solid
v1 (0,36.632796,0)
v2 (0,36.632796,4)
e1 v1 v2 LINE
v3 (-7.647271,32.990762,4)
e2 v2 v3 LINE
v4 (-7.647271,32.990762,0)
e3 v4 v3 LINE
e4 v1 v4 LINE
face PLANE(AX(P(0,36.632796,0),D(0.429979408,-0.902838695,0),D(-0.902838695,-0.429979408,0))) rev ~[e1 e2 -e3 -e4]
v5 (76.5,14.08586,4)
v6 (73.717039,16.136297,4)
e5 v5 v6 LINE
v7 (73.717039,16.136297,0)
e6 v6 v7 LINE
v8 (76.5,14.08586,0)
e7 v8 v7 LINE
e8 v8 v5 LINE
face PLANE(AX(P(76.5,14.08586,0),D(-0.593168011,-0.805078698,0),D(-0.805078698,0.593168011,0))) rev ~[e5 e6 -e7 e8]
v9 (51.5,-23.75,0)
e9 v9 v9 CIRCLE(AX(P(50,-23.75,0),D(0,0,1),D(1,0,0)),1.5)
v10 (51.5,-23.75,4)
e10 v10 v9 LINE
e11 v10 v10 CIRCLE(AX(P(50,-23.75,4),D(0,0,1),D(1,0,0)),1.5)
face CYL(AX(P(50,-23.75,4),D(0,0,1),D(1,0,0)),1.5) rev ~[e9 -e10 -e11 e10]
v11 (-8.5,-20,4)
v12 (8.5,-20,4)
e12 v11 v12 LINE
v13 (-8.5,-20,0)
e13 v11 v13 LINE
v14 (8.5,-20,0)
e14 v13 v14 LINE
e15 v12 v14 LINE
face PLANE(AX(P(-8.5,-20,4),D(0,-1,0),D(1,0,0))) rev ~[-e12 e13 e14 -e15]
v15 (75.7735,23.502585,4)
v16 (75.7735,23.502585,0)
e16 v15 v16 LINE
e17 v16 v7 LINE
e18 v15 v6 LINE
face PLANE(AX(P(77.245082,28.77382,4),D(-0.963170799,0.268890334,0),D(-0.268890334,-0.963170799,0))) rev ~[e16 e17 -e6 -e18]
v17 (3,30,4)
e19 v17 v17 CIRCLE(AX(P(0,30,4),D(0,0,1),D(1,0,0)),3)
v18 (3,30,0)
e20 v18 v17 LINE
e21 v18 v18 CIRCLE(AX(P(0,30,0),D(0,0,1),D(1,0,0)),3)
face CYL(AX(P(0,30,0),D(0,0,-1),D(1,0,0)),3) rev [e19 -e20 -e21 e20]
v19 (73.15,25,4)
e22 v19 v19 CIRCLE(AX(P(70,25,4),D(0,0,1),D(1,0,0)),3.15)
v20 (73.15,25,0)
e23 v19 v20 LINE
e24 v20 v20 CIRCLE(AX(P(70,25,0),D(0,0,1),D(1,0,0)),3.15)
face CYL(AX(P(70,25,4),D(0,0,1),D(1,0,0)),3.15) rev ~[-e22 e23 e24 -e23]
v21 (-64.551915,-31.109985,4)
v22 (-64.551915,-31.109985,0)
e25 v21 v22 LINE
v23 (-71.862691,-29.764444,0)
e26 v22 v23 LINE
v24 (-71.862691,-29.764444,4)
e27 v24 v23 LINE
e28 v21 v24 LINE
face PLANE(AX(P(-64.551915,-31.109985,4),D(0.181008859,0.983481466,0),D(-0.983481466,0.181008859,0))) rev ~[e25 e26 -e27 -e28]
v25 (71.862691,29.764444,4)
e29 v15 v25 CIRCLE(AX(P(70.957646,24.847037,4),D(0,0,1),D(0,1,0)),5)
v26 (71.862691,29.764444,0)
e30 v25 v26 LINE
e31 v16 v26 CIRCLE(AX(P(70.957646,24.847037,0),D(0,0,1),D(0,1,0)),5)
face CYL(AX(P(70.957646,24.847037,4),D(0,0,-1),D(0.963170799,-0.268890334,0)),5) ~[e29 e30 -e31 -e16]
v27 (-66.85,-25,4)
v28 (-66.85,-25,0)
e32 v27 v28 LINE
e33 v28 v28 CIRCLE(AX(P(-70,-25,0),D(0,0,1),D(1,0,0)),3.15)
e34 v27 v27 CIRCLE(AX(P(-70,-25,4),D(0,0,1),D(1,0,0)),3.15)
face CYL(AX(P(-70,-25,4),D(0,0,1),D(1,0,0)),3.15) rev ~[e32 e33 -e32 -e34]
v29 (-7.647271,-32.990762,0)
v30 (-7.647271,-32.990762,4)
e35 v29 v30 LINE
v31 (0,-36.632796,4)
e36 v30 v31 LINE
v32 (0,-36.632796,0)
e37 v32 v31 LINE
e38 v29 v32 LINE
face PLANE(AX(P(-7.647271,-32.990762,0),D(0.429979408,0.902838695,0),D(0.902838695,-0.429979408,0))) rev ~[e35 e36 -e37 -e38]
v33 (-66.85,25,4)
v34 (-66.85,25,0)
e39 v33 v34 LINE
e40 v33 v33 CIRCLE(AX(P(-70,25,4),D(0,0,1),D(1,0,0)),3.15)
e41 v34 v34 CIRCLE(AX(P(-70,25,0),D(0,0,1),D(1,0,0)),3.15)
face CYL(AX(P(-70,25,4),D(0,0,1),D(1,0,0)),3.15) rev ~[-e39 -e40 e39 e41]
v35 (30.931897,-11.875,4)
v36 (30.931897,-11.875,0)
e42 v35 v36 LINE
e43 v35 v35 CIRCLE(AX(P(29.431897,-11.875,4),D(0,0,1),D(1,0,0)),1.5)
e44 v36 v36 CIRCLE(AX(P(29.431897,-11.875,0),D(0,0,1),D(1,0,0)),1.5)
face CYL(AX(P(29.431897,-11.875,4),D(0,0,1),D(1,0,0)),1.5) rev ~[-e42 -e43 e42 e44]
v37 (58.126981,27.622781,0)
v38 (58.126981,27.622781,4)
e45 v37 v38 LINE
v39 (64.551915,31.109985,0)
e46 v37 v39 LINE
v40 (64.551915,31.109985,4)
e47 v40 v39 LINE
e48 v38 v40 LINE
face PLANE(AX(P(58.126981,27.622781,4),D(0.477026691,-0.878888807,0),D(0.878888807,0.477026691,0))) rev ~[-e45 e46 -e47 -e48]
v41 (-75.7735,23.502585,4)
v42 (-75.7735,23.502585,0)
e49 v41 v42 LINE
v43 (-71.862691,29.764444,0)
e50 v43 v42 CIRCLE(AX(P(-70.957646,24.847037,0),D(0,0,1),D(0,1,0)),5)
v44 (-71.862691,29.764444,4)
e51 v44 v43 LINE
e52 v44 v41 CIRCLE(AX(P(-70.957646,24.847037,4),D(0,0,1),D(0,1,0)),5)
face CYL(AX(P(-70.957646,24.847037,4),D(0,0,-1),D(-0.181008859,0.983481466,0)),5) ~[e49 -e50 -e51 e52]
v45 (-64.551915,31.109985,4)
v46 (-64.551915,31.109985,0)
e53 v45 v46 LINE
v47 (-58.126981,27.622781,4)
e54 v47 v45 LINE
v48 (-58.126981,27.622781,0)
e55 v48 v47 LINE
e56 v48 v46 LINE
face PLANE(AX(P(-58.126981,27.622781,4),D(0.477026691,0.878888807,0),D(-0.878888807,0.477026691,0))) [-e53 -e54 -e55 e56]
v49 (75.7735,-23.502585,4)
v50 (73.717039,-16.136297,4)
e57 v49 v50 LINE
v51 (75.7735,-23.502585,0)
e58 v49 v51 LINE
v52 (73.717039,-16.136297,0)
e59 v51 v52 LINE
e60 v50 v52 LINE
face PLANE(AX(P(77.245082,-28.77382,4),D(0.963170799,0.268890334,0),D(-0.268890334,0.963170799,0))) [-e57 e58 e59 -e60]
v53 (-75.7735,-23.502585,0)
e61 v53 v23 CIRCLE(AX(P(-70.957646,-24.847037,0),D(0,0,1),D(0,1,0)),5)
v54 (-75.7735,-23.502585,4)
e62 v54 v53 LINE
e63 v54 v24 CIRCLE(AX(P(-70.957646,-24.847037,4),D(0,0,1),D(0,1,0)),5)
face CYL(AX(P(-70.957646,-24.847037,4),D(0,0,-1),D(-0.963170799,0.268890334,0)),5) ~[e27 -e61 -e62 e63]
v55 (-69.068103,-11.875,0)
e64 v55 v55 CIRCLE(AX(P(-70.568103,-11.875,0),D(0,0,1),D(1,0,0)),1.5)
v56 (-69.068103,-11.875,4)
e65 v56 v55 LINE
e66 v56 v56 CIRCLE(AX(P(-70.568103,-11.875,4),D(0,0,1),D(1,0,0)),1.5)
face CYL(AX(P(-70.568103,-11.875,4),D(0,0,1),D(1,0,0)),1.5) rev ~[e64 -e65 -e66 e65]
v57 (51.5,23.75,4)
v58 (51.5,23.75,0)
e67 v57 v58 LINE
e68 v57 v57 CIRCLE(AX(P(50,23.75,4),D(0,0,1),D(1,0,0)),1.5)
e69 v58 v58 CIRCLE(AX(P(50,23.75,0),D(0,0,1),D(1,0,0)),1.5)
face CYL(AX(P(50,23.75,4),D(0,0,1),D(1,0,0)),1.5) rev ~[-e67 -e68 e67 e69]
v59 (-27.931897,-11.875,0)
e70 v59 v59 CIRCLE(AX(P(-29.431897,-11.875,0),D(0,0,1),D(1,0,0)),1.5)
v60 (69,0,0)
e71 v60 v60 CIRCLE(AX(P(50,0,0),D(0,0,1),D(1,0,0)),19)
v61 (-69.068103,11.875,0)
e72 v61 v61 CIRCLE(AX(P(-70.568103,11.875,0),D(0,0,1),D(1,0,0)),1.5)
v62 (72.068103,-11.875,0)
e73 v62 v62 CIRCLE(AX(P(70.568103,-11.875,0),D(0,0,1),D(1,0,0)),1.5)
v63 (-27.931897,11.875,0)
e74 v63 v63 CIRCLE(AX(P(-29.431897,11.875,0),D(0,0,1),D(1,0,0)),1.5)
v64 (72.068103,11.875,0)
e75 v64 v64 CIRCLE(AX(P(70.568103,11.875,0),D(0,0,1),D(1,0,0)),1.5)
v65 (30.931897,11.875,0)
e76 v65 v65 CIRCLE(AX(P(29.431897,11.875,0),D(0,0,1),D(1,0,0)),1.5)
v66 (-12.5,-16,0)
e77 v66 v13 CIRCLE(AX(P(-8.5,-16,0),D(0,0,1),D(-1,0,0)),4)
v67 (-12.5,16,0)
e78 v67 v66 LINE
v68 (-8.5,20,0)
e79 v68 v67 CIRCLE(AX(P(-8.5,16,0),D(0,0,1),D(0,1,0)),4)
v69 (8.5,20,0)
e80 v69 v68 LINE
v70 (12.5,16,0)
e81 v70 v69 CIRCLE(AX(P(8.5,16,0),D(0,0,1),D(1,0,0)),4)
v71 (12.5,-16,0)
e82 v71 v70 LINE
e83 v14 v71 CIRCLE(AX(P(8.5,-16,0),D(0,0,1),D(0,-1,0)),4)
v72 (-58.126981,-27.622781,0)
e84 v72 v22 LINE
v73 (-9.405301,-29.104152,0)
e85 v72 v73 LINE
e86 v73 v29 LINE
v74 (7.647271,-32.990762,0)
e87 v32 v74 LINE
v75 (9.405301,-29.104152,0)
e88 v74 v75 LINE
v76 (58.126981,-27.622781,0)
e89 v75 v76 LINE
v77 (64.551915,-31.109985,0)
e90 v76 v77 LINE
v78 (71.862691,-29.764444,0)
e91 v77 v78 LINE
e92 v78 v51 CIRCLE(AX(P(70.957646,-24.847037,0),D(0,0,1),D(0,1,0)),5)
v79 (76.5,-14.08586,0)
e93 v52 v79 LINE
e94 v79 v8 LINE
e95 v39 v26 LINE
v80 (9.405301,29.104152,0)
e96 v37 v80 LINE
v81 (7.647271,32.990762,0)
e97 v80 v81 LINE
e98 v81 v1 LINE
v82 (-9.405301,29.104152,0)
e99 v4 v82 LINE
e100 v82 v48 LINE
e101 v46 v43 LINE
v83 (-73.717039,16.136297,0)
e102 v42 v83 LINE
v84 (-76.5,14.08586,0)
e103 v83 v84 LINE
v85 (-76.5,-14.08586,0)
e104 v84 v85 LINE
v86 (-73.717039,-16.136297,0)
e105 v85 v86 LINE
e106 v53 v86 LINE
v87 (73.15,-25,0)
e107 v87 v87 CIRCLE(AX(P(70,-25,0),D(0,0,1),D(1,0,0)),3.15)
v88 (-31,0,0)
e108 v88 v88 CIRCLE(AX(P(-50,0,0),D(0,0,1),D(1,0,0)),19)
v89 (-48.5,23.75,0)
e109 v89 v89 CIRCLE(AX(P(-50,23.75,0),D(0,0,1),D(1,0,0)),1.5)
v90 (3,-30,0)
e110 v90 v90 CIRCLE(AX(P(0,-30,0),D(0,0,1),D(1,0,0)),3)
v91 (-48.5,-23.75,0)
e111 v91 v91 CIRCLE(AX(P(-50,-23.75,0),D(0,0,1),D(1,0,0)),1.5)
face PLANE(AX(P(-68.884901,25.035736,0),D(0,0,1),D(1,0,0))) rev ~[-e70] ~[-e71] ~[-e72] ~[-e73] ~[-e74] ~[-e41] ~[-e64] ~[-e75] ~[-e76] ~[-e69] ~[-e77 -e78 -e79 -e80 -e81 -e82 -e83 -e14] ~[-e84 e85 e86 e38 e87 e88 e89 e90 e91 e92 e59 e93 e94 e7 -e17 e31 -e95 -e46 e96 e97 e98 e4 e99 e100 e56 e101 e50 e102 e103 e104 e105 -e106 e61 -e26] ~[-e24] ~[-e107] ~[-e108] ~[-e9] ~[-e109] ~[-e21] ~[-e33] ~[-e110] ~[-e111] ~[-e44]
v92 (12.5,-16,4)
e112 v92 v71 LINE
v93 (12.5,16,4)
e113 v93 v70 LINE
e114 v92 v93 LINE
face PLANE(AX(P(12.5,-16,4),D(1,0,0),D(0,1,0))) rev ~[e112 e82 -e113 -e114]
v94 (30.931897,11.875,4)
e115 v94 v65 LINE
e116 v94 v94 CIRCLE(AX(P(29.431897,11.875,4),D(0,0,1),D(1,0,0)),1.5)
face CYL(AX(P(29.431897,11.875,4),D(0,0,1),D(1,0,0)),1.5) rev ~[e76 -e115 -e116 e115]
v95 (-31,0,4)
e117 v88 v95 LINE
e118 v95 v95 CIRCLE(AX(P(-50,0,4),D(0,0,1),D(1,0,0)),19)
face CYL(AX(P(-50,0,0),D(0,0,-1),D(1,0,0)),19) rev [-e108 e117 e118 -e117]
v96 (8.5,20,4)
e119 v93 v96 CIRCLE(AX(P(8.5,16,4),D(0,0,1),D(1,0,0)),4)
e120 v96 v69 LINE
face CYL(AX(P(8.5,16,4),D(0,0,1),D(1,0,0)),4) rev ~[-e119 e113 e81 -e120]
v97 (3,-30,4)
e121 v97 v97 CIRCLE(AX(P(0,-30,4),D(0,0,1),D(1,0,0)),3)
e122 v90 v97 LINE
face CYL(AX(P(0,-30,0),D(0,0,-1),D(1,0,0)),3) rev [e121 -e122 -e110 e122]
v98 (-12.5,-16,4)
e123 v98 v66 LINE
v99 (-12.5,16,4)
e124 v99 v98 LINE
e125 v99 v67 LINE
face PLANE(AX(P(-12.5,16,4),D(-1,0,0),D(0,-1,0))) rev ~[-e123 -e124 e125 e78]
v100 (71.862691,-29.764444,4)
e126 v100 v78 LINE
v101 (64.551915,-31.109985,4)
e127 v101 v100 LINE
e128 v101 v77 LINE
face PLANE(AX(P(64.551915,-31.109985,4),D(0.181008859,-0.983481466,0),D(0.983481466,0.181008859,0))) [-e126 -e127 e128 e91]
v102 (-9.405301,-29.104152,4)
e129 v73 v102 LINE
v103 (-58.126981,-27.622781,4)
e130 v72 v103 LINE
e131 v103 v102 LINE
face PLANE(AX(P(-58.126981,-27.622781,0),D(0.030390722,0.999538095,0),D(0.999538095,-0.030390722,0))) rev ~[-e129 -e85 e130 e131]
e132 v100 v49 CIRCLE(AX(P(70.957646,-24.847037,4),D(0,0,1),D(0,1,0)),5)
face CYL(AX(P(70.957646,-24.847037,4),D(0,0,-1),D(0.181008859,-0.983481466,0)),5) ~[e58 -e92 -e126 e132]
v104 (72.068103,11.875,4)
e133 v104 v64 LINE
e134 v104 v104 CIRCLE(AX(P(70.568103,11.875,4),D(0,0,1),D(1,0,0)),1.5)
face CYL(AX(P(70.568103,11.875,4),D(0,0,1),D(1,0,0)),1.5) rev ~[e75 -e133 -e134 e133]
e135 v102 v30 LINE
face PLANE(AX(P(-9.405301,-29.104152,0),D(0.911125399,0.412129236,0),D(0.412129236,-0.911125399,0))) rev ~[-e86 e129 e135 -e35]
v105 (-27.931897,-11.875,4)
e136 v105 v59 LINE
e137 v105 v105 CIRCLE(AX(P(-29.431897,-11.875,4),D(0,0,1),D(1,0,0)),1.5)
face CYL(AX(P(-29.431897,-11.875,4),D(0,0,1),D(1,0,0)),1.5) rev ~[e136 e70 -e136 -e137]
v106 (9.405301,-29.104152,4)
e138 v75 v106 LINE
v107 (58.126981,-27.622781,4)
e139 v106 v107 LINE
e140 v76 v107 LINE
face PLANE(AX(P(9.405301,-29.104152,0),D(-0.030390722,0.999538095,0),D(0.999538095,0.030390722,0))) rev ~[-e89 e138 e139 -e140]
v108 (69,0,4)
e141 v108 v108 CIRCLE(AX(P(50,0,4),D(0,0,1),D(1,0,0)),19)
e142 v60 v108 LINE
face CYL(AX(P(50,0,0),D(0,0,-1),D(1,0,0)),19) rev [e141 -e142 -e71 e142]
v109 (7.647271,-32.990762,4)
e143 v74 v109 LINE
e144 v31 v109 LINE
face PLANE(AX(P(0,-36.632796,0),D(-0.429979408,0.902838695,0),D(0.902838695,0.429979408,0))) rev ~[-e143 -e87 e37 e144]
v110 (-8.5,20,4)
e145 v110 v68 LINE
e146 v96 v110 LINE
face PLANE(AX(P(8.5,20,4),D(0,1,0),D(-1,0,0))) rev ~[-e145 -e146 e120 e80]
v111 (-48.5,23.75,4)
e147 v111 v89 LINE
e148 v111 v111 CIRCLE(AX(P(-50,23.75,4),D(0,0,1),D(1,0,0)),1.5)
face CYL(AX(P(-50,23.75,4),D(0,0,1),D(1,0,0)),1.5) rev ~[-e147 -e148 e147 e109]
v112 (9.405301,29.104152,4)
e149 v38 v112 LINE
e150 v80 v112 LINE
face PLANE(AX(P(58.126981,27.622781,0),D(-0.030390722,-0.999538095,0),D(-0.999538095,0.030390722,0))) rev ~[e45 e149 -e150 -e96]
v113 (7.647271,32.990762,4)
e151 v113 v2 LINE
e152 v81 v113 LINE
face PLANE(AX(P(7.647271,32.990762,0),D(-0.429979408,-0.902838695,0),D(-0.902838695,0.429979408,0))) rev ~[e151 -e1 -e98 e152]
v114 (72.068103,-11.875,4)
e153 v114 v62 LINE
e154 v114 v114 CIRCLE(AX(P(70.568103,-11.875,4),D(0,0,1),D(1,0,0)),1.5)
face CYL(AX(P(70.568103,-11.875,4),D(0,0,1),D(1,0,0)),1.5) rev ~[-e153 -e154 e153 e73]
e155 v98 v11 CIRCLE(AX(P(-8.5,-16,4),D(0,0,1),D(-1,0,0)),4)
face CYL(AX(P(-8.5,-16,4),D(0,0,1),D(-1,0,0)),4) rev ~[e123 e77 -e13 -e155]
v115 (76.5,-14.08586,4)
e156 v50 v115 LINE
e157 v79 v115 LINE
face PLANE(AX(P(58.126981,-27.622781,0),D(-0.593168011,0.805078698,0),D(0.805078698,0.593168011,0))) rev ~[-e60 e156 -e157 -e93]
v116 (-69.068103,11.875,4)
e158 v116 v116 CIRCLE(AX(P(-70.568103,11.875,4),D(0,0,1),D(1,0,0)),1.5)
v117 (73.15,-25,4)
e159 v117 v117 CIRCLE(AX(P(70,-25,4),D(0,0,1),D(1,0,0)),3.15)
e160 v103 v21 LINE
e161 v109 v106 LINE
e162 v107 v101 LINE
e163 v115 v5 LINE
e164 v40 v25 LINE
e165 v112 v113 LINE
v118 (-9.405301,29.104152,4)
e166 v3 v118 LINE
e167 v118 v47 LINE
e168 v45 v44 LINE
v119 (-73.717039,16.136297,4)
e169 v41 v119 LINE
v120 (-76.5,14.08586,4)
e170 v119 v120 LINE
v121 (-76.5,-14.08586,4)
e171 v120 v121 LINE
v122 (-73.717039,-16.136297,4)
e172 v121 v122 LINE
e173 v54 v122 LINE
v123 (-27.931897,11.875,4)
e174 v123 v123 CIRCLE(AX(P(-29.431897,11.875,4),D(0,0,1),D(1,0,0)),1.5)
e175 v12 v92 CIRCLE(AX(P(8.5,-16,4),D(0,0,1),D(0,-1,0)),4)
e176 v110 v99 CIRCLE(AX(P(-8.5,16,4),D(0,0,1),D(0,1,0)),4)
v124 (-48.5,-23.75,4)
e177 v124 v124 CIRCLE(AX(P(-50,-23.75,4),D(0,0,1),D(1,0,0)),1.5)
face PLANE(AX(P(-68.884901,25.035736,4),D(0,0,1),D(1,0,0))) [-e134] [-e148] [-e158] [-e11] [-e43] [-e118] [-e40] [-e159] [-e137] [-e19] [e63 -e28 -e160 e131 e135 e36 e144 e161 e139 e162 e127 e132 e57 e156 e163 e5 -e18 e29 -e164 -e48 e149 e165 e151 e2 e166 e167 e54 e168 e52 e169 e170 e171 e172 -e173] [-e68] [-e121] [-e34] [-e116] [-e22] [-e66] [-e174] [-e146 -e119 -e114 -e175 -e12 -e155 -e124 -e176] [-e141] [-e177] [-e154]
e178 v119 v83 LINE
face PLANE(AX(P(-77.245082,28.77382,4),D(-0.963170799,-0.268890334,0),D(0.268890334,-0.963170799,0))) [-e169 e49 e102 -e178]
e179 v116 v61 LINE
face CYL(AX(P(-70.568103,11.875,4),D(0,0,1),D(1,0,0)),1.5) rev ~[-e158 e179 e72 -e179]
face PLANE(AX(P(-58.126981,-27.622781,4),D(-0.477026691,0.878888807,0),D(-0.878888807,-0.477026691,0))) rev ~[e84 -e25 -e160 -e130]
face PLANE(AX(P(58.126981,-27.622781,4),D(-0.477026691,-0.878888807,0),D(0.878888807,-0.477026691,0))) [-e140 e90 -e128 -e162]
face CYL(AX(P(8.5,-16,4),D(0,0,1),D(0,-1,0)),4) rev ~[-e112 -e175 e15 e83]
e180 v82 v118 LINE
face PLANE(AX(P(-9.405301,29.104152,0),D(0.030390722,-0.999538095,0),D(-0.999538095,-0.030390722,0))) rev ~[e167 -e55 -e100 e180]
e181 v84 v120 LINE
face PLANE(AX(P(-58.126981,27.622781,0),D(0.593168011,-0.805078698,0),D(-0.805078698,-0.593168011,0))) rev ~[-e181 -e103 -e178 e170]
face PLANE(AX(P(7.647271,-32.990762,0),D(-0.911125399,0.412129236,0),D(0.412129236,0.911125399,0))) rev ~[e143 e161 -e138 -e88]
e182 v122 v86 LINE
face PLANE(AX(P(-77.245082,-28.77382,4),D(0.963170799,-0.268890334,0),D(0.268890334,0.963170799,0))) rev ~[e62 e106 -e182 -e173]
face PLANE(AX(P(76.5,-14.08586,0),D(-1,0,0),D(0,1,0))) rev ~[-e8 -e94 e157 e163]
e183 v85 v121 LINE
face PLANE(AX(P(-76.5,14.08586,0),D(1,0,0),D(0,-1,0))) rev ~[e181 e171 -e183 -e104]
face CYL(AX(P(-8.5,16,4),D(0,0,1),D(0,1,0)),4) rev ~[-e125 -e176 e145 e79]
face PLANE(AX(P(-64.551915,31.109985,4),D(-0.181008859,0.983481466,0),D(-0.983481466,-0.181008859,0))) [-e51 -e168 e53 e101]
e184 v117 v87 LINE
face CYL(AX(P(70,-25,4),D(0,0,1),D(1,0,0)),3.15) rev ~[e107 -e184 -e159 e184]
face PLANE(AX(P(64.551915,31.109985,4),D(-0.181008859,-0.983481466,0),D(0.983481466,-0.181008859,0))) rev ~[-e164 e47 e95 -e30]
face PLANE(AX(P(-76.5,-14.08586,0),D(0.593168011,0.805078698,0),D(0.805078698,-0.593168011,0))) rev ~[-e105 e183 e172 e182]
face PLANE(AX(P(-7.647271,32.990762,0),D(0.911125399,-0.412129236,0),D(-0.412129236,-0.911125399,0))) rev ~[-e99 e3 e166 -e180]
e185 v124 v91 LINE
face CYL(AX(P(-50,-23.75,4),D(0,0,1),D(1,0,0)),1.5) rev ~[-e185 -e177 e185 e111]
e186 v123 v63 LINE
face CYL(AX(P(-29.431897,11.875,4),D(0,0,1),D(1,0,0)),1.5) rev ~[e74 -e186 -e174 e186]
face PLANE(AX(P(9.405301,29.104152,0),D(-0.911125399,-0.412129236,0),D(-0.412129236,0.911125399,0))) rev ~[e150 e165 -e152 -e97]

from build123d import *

# Parameters (mm, degrees)
SKETCH1_R           = 3
SKETCH1_R_2         = 19
BOSS_EXTRUDE1_DEPTH = 4
CUT_EXTRUDE1_DEPTH  = 5
SKETCH3_R           = 3.15
BOSS_EXTRUDE2_DEPTH = 4
FILLET1_R           = 5
SKETCH4_R           = 1.5
CUT_EXTRUDE2_DEPTH  = 5


with BuildPart() as part:
    # Sketch1 → Boss-Extrude1 (new body)
    with BuildSketch(Plane.XY):
        Polygon((0, 36.632796194), (-7.647271147, 32.990762303), (-9.405300929, 29.104152359), (-58.126981429, 27.62278105), (-76.5, 14.085859857), (-76.5, -14.085859857), (-58.126981429, -27.62278105), (-9.405300929, -29.104152359), (-7.647271147, -32.990762303), (0, -36.632796194), (7.647271147, -32.990762303), (9.405300929, -29.104152359), (58.126981429, -27.62278105), (76.5, -14.085859857), (76.5, 14.085859857), (58.126981429, 27.62278105), (9.405300929, 29.104152359), (7.647271147, 32.990762303), align=None)
        with Locations((0, 30)):
            Circle(SKETCH1_R, mode=Mode.SUBTRACT)
        with Locations((-50, 0)):
            Circle(SKETCH1_R_2, mode=Mode.SUBTRACT)
        with Locations((50, 0)):
            Circle(SKETCH1_R_2, mode=Mode.SUBTRACT)
        with Locations((0, -30)):
            Circle(SKETCH1_R, mode=Mode.SUBTRACT)
    extrude(amount=BOSS_EXTRUDE1_DEPTH)

    # Sketch2 → Cut-Extrude1 (cut, through all)
    with BuildSketch(Plane.XY.offset(4)):
        with BuildLine():
            Line((8.5, 20), (-8.5, 20))
            ThreePointArc((-8.5, 20), (-11.328427125, 18.828427125), (-12.5, 16))
            Line((-12.5, 16), (-12.5, -16))
            ThreePointArc((-12.5, -16), (-11.328427125, -18.828427125), (-8.5, -20))
            Line((-8.5, -20), (8.5, -20))
            ThreePointArc((8.5, -20), (11.328427125, -18.828427125), (12.5, -16))
            Line((12.5, -16), (12.5, 16))
            ThreePointArc((12.5, 16), (11.328427125, 18.828427125), (8.5, 20))
        make_face()
    extrude(amount=-CUT_EXTRUDE1_DEPTH, mode=Mode.SUBTRACT)

    # Sketch3 → Boss-Extrude2 (add)
    with BuildSketch(Plane.XY.offset(4)):
        Polygon((-58.126981429, 27.62278105), (-64.551915182, 31.10998542), (-77.245081729, 28.773819798), (-73.717039059, 16.136297176), align=None)
        with Locations((-70, 25)):
            Circle(SKETCH3_R, mode=Mode.SUBTRACT)
        Polygon((73.717039059, 16.136297176), (58.126981429, 27.62278105), (64.551915182, 31.10998542), (77.245081729, 28.773819798), align=None)
        with Locations((70, 25)):
            Circle(SKETCH3_R, mode=Mode.SUBTRACT)
        Polygon((58.126981429, -27.62278105), (64.551915182, -31.10998542), (77.245081729, -28.773819798), (73.717039059, -16.136297176), align=None)
        with Locations((70, -25)):
            Circle(SKETCH3_R, mode=Mode.SUBTRACT)
        Polygon((-73.717039059, -16.136297176), (-58.126981429, -27.62278105), (-64.551915182, -31.10998542), (-77.245081729, -28.773819798), align=None)
        with Locations((-70, -25)):
            Circle(SKETCH3_R, mode=Mode.SUBTRACT)
    extrude(amount=-BOSS_EXTRUDE2_DEPTH)

    # Fillet1
    fillet1_edges = [part.edges().sort_by_distance(p)[0] for p in [
        (77.245081729, 28.773819798, 2),
        (77.245081729, -28.773819798, 2),
        (-77.245081729, -28.773819798, 2),
        (-77.245081729, 28.773819798, 2),
    ]]
    fillet(fillet1_edges, radius=FILLET1_R)

    # Sketch4 → Cut-Extrude2 (cut, through all)
    with BuildSketch(Plane.XY.offset(4)):
        with Locations((-50, 23.75)):
            Circle(SKETCH4_R)
        with Locations((-70.56810334, 11.875)):
            Circle(SKETCH4_R)
        with Locations((-70.56810334, -11.875)):
            Circle(SKETCH4_R)
        with Locations((-50, -23.75)):
            Circle(SKETCH4_R)
        with Locations((-29.43189666, -11.875)):
            Circle(SKETCH4_R)
        with Locations((-29.43189666, 11.875)):
            Circle(SKETCH4_R)
        with Locations((29.43189666, 11.875)):
            Circle(SKETCH4_R)
        with Locations((29.43189666, -11.875)):
            Circle(SKETCH4_R)
        with Locations((50, -23.75)):
            Circle(SKETCH4_R)
        with Locations((70.56810334, -11.875)):
            Circle(SKETCH4_R)
        with Locations((70.56810334, 11.875)):
            Circle(SKETCH4_R)
        with Locations((50, 23.75)):
            Circle(SKETCH4_R)
    extrude(amount=-CUT_EXTRUDE2_DEPTH, mode=Mode.SUBTRACT)


solid = part.part
